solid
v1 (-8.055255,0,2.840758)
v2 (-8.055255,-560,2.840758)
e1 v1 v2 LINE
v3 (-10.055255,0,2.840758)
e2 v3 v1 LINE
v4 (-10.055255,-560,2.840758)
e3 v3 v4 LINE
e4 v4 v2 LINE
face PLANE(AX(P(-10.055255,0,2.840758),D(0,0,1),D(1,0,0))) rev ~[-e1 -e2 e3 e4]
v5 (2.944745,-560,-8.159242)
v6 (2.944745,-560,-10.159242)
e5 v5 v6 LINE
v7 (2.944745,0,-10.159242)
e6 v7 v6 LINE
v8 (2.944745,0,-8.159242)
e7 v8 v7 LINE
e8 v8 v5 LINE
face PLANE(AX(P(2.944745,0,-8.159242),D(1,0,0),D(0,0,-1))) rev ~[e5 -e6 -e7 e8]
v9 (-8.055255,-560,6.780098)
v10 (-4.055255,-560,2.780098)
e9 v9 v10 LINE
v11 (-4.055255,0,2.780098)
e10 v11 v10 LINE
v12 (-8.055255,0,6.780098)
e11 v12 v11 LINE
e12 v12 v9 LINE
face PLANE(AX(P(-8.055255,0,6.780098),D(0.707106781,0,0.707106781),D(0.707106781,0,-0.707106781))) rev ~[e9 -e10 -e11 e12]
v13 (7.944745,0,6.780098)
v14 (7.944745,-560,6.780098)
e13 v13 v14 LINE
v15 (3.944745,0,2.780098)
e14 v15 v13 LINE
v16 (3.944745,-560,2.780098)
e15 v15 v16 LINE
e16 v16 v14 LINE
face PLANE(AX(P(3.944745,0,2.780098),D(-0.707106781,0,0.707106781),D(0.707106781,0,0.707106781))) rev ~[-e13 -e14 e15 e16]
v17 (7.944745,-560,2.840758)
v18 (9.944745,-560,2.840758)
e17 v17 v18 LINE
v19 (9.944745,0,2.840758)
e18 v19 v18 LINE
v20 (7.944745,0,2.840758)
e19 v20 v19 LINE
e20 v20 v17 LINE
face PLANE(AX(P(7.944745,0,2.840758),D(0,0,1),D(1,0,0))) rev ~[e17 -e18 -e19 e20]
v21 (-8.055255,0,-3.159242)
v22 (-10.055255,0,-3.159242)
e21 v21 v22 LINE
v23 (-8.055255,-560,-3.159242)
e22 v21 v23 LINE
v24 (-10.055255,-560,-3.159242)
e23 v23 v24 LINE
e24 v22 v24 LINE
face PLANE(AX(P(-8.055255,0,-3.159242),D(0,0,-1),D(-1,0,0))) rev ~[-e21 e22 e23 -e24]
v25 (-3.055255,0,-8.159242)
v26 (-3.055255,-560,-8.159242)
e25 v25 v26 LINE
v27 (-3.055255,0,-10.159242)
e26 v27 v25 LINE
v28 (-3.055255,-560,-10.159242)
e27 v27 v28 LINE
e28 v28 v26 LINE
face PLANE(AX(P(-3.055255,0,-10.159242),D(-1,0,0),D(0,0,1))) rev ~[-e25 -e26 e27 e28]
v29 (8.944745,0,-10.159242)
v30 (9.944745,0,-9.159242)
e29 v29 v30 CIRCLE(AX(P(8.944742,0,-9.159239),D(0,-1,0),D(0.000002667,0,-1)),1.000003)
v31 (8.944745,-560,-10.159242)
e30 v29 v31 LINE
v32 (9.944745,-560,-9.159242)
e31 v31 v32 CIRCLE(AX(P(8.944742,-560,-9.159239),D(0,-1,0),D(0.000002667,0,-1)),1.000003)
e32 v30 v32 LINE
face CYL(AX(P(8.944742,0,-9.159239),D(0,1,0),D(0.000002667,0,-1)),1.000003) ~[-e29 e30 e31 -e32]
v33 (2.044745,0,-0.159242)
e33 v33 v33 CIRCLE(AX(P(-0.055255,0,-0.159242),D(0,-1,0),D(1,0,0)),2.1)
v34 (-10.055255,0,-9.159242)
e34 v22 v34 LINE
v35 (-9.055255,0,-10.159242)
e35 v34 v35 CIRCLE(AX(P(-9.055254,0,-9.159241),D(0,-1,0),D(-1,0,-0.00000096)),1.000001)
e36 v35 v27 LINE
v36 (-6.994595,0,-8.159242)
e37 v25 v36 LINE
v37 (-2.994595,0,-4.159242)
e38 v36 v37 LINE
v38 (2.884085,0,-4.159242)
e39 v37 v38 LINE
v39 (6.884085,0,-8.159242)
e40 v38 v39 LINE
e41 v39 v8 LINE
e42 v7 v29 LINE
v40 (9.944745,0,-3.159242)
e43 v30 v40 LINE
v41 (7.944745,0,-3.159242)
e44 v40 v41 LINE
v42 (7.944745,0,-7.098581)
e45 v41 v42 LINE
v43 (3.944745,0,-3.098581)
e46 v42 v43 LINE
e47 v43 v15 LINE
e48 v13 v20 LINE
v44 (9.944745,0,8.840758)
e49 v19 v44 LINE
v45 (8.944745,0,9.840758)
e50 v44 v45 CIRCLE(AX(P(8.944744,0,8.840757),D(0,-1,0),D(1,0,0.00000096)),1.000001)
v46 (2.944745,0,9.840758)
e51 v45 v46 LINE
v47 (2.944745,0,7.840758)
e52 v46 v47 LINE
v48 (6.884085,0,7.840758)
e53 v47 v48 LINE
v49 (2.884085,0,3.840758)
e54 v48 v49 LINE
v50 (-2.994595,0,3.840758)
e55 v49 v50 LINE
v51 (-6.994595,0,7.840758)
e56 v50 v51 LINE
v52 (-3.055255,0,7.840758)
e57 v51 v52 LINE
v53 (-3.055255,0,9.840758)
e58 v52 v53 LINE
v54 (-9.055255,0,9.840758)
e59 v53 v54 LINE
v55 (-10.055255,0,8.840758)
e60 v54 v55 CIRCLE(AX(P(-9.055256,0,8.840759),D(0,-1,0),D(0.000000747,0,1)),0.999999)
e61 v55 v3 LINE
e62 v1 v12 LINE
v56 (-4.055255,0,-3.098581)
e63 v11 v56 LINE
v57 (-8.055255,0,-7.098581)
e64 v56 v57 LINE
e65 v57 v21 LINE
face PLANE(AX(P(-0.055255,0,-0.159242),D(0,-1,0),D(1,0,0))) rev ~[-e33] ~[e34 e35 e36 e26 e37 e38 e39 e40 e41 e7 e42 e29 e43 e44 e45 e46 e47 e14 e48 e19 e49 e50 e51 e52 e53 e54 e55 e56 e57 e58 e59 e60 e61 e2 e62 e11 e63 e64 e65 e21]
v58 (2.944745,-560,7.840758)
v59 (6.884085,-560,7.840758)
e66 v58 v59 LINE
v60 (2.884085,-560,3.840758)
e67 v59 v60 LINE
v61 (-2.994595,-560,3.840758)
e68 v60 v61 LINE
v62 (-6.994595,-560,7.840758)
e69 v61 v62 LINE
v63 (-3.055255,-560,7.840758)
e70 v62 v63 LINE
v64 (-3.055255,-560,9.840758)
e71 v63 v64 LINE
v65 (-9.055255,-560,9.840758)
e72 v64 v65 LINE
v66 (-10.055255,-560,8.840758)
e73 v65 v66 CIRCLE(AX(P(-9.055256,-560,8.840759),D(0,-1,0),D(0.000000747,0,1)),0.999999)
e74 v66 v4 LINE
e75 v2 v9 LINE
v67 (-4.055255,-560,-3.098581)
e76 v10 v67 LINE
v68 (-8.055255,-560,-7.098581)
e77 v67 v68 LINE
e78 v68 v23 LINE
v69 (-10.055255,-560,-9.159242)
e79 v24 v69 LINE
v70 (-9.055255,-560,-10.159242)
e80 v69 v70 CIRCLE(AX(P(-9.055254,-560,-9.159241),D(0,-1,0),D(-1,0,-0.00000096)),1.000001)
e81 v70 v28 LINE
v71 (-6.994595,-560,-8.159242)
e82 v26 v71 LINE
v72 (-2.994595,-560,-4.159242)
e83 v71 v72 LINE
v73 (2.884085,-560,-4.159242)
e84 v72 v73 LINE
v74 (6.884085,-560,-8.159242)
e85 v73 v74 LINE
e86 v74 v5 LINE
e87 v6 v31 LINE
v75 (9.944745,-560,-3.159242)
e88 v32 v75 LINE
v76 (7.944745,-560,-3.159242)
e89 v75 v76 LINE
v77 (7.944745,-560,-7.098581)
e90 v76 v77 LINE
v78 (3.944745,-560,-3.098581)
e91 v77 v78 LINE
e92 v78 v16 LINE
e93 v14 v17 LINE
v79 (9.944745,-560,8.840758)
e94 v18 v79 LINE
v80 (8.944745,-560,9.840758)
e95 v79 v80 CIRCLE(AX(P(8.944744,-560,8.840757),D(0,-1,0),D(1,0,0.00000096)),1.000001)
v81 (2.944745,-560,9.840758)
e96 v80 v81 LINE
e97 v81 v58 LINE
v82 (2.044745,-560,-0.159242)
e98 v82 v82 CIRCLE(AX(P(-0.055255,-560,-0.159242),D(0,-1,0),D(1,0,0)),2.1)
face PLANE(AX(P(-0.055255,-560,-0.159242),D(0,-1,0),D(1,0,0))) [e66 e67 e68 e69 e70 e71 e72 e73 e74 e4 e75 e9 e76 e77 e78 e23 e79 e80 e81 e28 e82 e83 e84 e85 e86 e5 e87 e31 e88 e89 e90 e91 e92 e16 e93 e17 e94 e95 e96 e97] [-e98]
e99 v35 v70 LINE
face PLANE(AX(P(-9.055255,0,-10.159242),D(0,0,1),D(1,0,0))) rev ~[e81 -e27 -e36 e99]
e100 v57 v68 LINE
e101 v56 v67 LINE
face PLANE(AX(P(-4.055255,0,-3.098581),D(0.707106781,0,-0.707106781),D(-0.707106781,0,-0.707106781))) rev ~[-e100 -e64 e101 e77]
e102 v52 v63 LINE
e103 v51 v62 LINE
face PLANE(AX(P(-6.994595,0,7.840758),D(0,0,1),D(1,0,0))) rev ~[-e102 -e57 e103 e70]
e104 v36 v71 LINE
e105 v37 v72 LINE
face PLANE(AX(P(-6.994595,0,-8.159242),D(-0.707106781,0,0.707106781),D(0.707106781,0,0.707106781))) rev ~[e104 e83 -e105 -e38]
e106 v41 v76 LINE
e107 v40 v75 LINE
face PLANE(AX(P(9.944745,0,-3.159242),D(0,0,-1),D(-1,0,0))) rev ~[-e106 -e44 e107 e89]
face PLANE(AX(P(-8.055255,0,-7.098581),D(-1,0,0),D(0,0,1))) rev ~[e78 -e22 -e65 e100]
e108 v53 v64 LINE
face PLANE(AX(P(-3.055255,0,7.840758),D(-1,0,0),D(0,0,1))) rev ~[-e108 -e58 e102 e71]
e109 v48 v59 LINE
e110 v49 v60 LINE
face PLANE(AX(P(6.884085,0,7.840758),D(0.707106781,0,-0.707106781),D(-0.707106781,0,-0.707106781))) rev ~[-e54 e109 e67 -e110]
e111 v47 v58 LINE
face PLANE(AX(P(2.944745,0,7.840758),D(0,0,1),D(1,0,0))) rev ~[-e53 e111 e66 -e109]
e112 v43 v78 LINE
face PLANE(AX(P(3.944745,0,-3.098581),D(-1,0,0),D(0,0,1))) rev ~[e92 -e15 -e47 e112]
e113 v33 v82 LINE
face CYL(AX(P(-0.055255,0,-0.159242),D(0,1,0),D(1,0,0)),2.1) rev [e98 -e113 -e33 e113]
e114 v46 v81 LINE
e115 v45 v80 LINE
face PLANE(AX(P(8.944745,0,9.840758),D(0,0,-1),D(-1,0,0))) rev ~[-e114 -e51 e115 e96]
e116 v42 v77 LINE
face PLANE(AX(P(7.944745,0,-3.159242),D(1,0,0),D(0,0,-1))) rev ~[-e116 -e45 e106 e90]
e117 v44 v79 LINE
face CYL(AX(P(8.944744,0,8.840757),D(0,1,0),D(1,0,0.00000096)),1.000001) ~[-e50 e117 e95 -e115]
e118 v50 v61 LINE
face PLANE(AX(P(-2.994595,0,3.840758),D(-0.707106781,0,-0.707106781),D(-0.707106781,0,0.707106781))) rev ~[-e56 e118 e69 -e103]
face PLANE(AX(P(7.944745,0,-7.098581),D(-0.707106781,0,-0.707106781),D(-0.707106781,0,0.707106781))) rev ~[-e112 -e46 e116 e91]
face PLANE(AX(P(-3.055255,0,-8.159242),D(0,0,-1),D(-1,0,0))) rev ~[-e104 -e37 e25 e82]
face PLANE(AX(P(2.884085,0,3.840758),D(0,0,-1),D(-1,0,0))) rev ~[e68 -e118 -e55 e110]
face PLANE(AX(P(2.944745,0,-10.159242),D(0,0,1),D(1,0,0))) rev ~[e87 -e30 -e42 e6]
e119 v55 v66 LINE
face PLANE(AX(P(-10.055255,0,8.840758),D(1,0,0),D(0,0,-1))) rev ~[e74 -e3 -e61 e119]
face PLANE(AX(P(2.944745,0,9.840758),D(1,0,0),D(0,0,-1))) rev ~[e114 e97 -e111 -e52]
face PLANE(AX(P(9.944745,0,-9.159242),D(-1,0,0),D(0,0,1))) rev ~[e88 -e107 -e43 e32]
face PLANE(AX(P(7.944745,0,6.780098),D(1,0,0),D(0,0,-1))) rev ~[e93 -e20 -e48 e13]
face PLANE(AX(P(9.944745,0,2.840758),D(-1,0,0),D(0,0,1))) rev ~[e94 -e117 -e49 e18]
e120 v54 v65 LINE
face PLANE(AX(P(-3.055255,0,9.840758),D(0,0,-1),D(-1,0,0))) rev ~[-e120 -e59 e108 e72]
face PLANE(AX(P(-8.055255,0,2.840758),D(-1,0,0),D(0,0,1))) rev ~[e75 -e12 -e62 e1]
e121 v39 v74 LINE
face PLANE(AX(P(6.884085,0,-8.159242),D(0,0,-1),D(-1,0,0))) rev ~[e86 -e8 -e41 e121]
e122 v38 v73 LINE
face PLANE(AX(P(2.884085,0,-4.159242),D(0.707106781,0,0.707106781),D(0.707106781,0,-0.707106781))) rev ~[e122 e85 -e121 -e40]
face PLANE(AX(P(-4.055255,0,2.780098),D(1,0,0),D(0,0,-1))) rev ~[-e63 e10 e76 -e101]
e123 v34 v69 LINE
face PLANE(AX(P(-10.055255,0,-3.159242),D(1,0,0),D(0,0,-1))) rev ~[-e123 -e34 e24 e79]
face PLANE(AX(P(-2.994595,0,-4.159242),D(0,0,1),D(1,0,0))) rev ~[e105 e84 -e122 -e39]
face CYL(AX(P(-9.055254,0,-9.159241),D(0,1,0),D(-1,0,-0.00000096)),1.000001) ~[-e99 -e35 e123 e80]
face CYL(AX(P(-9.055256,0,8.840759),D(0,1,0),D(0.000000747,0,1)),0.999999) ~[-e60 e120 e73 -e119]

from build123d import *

# Parameters (mm, degrees)
F0_R     = 2.1
F1_DEPTH = 560


with BuildPart() as f1:
    # F0 (on Front) → F1 (new body)
    with BuildSketch(Plane.XZ):
        with BuildLine():
            ThreePointArc((9.944745, 8.840758), (9.651851, 9.547865), (8.944745, 9.840758))
            Line((8.944745, 9.840758), (2.944745, 9.840758))
            Line((2.944745, 9.840758), (2.944745, 7.840758))
            Line((2.944745, 7.840758), (6.884085, 7.840758))
            Line((6.884085, 7.840758), (2.884085, 3.840758))
            Line((2.884085, 3.840758), (-2.994595, 3.840758))
            Line((-2.994595, 3.840758), (-6.994595, 7.840758))
            Line((-6.994595, 7.840758), (-3.055255, 7.840758))
            Line((-3.055255, 7.840758), (-3.055255, 9.840758))
            Line((-3.055255, 9.840758), (-9.055255, 9.840758))
            ThreePointArc((-9.055255, 9.840758), (-9.762362, 9.547865), (-10.055255, 8.840758))
            Line((-10.055255, 8.840758), (-10.055255, 2.840758))
            Line((-10.055255, 2.840758), (-8.055255, 2.840758))
            Line((-8.055255, 2.840758), (-8.055255, 6.780098))
            Line((-8.055255, 6.780098), (-4.055255, 2.780098))
            Line((-4.055255, 2.780098), (-4.055255, -3.098581))
            Line((-4.055255, -3.098581), (-8.055255, -7.098581))
            Line((-8.055255, -7.098581), (-8.055255, -3.159242))
            Line((-8.055255, -3.159242), (-10.055255, -3.159242))
            Line((-10.055255, -3.159242), (-10.055255, -9.159242))
            ThreePointArc((-10.055255, -9.159242), (-9.762362, -9.866348), (-9.055255, -10.159242))
            Line((-9.055255, -10.159242), (-3.055255, -10.159242))
            Line((-3.055255, -10.159242), (-3.055255, -8.159242))
            Line((-3.055255, -8.159242), (-6.994595, -8.159242))
            Line((-6.994595, -8.159242), (-2.994595, -4.159242))
            Line((-2.994595, -4.159242), (2.884085, -4.159242))
            Line((2.884085, -4.159242), (6.884085, -8.159242))
            Line((6.884085, -8.159242), (2.944745, -8.159242))
            Line((2.944745, -8.159242), (2.944745, -10.159242))
            Line((2.944745, -10.159242), (8.944745, -10.159242))
            ThreePointArc((8.944745, -10.159242), (9.651851, -9.866348), (9.944745, -9.159242))
            Line((9.944745, -9.159242), (9.944745, -3.159242))
            Line((9.944745, -3.159242), (7.944745, -3.159242))
            Line((7.944745, -3.159242), (7.944745, -7.098581))
            Line((7.944745, -7.098581), (3.944745, -3.098581))
            Line((3.944745, -3.098581), (3.944745, 2.780098))
            Line((3.944745, 2.780098), (7.944745, 6.780098))
            Line((7.944745, 6.780098), (7.944745, 2.840758))
            Line((7.944745, 2.840758), (9.944745, 2.840758))
            Line((9.944745, 2.840758), (9.944745, 8.840758))
        make_face()
        with Locations((-0.055255, -0.159242)):
            Circle(F0_R, mode=Mode.SUBTRACT)
    extrude(amount=F1_DEPTH)


solid = f1.part
